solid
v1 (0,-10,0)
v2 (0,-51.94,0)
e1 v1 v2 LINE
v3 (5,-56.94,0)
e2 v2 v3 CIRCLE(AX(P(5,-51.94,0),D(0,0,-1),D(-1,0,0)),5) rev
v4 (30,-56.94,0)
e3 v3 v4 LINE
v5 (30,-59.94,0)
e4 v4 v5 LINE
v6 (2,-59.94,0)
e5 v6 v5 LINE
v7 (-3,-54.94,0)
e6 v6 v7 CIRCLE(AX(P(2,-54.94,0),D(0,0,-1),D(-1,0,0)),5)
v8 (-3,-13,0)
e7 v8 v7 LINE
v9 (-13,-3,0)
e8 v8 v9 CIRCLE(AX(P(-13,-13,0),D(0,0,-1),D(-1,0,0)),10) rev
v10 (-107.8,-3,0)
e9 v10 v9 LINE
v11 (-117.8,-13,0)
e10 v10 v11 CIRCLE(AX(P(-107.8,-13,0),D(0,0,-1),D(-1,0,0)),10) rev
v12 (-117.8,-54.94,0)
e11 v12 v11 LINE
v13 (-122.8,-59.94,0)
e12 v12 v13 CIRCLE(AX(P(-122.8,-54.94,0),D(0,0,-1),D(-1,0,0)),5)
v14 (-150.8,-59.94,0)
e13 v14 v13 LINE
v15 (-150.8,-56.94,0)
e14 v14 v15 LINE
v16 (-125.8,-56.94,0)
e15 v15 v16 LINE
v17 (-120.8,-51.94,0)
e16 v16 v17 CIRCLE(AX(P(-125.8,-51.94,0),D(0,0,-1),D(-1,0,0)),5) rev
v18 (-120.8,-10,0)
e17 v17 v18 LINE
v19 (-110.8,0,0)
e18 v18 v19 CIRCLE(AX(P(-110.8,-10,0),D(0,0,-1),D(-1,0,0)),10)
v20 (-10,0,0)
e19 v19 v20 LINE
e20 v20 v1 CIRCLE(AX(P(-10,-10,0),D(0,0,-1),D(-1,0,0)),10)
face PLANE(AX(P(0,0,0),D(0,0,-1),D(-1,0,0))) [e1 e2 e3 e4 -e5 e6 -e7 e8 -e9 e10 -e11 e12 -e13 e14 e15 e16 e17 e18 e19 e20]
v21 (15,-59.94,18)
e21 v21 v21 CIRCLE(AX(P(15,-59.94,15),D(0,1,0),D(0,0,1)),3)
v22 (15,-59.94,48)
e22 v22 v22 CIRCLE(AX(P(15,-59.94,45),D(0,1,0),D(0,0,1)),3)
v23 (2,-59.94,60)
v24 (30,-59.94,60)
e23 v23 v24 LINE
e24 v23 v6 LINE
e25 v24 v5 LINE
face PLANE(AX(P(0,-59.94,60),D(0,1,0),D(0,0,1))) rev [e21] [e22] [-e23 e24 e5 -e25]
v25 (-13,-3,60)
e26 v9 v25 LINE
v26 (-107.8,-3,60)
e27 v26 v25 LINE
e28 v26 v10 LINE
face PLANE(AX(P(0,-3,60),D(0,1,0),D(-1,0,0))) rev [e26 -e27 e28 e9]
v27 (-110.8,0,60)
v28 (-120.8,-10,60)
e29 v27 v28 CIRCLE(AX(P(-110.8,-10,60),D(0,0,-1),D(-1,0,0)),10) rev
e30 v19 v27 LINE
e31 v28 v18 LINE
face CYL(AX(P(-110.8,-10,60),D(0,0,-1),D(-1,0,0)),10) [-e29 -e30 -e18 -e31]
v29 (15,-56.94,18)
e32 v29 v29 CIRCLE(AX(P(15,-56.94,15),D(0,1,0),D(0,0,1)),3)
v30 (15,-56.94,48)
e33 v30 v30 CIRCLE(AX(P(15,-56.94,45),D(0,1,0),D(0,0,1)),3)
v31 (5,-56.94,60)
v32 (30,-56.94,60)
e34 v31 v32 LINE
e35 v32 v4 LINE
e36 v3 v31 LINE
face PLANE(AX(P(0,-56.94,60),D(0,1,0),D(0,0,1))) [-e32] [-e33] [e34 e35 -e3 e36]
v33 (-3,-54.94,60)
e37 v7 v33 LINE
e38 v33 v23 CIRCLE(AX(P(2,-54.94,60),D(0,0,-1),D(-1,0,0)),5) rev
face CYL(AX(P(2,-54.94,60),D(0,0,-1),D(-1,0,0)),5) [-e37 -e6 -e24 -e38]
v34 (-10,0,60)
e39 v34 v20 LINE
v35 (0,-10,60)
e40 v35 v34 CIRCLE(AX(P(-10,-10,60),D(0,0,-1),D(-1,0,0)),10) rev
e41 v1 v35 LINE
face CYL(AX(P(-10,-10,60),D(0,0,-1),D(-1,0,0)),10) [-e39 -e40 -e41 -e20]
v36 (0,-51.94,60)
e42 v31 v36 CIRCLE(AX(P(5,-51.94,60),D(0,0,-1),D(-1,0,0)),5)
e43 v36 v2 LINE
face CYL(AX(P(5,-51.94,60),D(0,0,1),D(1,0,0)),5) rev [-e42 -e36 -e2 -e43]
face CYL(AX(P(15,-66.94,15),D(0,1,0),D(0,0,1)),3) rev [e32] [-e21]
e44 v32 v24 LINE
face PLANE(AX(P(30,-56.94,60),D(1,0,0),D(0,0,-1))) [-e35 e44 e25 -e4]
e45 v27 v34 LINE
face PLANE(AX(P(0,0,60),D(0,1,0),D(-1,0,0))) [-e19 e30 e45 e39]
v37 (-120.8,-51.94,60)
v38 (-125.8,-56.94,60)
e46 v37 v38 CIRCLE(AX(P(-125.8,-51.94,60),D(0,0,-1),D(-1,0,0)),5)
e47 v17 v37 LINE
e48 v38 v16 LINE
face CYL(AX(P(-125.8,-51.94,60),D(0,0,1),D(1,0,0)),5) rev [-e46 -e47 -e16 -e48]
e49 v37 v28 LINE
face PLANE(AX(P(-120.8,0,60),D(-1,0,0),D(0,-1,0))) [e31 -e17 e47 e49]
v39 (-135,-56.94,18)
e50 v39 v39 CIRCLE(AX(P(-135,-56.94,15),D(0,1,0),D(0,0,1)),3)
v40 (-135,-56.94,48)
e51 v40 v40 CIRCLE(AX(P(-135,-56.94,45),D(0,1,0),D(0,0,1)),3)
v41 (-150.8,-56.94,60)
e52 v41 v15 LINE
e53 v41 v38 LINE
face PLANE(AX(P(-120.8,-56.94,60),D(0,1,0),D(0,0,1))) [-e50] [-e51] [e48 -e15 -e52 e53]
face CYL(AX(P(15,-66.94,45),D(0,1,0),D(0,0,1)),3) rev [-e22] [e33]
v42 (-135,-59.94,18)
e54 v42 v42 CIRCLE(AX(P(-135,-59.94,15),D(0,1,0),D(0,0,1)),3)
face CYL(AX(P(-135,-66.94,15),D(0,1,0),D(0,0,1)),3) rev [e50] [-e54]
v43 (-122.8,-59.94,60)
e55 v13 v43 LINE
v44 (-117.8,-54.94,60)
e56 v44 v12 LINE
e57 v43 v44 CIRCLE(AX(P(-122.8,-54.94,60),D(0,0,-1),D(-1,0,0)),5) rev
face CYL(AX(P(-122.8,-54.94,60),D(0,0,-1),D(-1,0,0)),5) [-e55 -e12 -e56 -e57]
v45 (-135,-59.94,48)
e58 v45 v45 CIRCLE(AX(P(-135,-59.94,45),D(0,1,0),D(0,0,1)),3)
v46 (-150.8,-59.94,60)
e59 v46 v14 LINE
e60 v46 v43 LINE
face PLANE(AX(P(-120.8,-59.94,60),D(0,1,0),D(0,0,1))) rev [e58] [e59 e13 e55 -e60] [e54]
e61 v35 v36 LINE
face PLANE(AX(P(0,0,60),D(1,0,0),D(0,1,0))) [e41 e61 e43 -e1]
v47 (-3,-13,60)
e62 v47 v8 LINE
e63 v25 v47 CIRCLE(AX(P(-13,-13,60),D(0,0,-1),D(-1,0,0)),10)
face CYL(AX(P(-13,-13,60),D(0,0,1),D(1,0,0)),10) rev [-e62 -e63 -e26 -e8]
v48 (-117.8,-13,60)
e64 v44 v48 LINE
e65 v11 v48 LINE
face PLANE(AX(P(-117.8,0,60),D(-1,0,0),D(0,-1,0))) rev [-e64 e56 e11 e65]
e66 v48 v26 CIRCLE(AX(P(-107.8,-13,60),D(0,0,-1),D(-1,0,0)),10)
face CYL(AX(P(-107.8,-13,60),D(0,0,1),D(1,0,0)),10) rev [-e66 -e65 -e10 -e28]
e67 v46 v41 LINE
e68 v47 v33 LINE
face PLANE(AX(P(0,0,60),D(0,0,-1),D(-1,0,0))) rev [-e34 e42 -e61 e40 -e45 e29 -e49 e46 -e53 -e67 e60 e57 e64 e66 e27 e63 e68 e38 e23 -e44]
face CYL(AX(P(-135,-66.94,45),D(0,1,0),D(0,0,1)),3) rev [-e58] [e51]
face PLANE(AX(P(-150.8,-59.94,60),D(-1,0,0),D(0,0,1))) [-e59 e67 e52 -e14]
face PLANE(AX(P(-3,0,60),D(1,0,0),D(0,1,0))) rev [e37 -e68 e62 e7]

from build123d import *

# Parameters (mm, degrees)
EXTRUDE_THIN1_DEPTH       = 60
SKETCH2_R                 = 3
CUT_EXTRUDE1_DEPTH        = 10
LPATTERN1_COUNT           = 2
LPATTERN1_PITCH           = 30
LPATTERN2_COUNT           = 2
LPATTERN2_PITCH           = 150
LPATTERN2_COPY_1_SKETCH_R = 3
LPATTERN2_COPY_1_DEPTH    = 10
FILLET1_R                 = 10
FILLET2_R                 = 10
FILLET3_R                 = 5
FILLET4_R                 = 5


with BuildPart() as part:
    # Sketch1 → Extrude-Thin1 (new body)
    with BuildSketch(Plane.XY):
        Polygon((30, -56.94), (0, -56.94), (0, 0), (-120.8, 0), (-120.8, -56.94), (-150.8, -56.94), (-150.8, -59.94), (-117.8, -59.94), (-117.8, -3), (-3, -3), (-3, -59.94), (30, -59.94), align=None)
    extrude(amount=EXTRUDE_THIN1_DEPTH)

    # Sketch2 → Cut-Extrude1 (cut)
    with BuildSketch(Plane(origin=(0, -56.94, 0), x_dir=(1, 0, 0), z_dir=(0, 1, 0))):
        with Locations(Location((15, -15, 0), (0, 0, 270))):
            Circle(SKETCH2_R)
    cut_extrude1 = extrude(amount=-CUT_EXTRUDE1_DEPTH, mode=Mode.SUBTRACT)

    # LPattern1: Cut-Extrude1 ×2
    with Locations(*[(0, 0, i * LPATTERN1_PITCH) for i in range(1, LPATTERN1_COUNT)]):
        add(cut_extrude1, mode=Mode.SUBTRACT)

    # LPattern2: Cut-Extrude1 ×2
    with Locations(*[(-i * LPATTERN2_PITCH, 0, 0) for i in range(1, LPATTERN2_COUNT)]):
        add(cut_extrude1, mode=Mode.SUBTRACT)

    # LPattern2 copy 1 sketch → LPattern2 copy 1 (cut)
    with BuildSketch(Plane(origin=(-150, -56.94, 30), x_dir=(1, 0, 0), z_dir=(0, 1, 0))):
        with Locations(Location((15, -15, 0), (0, 0, 270))):
            Circle(LPATTERN2_COPY_1_SKETCH_R)
    extrude(amount=-LPATTERN2_COPY_1_DEPTH, mode=Mode.SUBTRACT)

    # Fillet1
    fillet1_edges = [part.edges().sort_by_distance(p)[0] for p in [
        (-120.8, 0, 30),
        (0, 0, 30),
    ]]
    fillet(fillet1_edges, radius=FILLET1_R)

    # Fillet2
    fillet2_edges = [part.edges().sort_by_distance(p)[0] for p in [
        (-3, -3, 30),
        (-117.8, -3, 30),
    ]]
    fillet(fillet2_edges, radius=FILLET2_R)

    # Fillet3
    fillet3_edges = [part.edges().sort_by_distance(p)[0] for p in [
        (-120.8, -56.94, 30),
        (0, -56.94, 30),
    ]]
    fillet(fillet3_edges, radius=FILLET3_R)

    # Fillet4
    fillet4_edges = [part.edges().sort_by_distance(p)[0] for p in [
        (-3, -59.94, 30),
        (-117.8, -59.94, 30),
    ]]
    fillet(fillet4_edges, radius=FILLET4_R)


solid = part.part
